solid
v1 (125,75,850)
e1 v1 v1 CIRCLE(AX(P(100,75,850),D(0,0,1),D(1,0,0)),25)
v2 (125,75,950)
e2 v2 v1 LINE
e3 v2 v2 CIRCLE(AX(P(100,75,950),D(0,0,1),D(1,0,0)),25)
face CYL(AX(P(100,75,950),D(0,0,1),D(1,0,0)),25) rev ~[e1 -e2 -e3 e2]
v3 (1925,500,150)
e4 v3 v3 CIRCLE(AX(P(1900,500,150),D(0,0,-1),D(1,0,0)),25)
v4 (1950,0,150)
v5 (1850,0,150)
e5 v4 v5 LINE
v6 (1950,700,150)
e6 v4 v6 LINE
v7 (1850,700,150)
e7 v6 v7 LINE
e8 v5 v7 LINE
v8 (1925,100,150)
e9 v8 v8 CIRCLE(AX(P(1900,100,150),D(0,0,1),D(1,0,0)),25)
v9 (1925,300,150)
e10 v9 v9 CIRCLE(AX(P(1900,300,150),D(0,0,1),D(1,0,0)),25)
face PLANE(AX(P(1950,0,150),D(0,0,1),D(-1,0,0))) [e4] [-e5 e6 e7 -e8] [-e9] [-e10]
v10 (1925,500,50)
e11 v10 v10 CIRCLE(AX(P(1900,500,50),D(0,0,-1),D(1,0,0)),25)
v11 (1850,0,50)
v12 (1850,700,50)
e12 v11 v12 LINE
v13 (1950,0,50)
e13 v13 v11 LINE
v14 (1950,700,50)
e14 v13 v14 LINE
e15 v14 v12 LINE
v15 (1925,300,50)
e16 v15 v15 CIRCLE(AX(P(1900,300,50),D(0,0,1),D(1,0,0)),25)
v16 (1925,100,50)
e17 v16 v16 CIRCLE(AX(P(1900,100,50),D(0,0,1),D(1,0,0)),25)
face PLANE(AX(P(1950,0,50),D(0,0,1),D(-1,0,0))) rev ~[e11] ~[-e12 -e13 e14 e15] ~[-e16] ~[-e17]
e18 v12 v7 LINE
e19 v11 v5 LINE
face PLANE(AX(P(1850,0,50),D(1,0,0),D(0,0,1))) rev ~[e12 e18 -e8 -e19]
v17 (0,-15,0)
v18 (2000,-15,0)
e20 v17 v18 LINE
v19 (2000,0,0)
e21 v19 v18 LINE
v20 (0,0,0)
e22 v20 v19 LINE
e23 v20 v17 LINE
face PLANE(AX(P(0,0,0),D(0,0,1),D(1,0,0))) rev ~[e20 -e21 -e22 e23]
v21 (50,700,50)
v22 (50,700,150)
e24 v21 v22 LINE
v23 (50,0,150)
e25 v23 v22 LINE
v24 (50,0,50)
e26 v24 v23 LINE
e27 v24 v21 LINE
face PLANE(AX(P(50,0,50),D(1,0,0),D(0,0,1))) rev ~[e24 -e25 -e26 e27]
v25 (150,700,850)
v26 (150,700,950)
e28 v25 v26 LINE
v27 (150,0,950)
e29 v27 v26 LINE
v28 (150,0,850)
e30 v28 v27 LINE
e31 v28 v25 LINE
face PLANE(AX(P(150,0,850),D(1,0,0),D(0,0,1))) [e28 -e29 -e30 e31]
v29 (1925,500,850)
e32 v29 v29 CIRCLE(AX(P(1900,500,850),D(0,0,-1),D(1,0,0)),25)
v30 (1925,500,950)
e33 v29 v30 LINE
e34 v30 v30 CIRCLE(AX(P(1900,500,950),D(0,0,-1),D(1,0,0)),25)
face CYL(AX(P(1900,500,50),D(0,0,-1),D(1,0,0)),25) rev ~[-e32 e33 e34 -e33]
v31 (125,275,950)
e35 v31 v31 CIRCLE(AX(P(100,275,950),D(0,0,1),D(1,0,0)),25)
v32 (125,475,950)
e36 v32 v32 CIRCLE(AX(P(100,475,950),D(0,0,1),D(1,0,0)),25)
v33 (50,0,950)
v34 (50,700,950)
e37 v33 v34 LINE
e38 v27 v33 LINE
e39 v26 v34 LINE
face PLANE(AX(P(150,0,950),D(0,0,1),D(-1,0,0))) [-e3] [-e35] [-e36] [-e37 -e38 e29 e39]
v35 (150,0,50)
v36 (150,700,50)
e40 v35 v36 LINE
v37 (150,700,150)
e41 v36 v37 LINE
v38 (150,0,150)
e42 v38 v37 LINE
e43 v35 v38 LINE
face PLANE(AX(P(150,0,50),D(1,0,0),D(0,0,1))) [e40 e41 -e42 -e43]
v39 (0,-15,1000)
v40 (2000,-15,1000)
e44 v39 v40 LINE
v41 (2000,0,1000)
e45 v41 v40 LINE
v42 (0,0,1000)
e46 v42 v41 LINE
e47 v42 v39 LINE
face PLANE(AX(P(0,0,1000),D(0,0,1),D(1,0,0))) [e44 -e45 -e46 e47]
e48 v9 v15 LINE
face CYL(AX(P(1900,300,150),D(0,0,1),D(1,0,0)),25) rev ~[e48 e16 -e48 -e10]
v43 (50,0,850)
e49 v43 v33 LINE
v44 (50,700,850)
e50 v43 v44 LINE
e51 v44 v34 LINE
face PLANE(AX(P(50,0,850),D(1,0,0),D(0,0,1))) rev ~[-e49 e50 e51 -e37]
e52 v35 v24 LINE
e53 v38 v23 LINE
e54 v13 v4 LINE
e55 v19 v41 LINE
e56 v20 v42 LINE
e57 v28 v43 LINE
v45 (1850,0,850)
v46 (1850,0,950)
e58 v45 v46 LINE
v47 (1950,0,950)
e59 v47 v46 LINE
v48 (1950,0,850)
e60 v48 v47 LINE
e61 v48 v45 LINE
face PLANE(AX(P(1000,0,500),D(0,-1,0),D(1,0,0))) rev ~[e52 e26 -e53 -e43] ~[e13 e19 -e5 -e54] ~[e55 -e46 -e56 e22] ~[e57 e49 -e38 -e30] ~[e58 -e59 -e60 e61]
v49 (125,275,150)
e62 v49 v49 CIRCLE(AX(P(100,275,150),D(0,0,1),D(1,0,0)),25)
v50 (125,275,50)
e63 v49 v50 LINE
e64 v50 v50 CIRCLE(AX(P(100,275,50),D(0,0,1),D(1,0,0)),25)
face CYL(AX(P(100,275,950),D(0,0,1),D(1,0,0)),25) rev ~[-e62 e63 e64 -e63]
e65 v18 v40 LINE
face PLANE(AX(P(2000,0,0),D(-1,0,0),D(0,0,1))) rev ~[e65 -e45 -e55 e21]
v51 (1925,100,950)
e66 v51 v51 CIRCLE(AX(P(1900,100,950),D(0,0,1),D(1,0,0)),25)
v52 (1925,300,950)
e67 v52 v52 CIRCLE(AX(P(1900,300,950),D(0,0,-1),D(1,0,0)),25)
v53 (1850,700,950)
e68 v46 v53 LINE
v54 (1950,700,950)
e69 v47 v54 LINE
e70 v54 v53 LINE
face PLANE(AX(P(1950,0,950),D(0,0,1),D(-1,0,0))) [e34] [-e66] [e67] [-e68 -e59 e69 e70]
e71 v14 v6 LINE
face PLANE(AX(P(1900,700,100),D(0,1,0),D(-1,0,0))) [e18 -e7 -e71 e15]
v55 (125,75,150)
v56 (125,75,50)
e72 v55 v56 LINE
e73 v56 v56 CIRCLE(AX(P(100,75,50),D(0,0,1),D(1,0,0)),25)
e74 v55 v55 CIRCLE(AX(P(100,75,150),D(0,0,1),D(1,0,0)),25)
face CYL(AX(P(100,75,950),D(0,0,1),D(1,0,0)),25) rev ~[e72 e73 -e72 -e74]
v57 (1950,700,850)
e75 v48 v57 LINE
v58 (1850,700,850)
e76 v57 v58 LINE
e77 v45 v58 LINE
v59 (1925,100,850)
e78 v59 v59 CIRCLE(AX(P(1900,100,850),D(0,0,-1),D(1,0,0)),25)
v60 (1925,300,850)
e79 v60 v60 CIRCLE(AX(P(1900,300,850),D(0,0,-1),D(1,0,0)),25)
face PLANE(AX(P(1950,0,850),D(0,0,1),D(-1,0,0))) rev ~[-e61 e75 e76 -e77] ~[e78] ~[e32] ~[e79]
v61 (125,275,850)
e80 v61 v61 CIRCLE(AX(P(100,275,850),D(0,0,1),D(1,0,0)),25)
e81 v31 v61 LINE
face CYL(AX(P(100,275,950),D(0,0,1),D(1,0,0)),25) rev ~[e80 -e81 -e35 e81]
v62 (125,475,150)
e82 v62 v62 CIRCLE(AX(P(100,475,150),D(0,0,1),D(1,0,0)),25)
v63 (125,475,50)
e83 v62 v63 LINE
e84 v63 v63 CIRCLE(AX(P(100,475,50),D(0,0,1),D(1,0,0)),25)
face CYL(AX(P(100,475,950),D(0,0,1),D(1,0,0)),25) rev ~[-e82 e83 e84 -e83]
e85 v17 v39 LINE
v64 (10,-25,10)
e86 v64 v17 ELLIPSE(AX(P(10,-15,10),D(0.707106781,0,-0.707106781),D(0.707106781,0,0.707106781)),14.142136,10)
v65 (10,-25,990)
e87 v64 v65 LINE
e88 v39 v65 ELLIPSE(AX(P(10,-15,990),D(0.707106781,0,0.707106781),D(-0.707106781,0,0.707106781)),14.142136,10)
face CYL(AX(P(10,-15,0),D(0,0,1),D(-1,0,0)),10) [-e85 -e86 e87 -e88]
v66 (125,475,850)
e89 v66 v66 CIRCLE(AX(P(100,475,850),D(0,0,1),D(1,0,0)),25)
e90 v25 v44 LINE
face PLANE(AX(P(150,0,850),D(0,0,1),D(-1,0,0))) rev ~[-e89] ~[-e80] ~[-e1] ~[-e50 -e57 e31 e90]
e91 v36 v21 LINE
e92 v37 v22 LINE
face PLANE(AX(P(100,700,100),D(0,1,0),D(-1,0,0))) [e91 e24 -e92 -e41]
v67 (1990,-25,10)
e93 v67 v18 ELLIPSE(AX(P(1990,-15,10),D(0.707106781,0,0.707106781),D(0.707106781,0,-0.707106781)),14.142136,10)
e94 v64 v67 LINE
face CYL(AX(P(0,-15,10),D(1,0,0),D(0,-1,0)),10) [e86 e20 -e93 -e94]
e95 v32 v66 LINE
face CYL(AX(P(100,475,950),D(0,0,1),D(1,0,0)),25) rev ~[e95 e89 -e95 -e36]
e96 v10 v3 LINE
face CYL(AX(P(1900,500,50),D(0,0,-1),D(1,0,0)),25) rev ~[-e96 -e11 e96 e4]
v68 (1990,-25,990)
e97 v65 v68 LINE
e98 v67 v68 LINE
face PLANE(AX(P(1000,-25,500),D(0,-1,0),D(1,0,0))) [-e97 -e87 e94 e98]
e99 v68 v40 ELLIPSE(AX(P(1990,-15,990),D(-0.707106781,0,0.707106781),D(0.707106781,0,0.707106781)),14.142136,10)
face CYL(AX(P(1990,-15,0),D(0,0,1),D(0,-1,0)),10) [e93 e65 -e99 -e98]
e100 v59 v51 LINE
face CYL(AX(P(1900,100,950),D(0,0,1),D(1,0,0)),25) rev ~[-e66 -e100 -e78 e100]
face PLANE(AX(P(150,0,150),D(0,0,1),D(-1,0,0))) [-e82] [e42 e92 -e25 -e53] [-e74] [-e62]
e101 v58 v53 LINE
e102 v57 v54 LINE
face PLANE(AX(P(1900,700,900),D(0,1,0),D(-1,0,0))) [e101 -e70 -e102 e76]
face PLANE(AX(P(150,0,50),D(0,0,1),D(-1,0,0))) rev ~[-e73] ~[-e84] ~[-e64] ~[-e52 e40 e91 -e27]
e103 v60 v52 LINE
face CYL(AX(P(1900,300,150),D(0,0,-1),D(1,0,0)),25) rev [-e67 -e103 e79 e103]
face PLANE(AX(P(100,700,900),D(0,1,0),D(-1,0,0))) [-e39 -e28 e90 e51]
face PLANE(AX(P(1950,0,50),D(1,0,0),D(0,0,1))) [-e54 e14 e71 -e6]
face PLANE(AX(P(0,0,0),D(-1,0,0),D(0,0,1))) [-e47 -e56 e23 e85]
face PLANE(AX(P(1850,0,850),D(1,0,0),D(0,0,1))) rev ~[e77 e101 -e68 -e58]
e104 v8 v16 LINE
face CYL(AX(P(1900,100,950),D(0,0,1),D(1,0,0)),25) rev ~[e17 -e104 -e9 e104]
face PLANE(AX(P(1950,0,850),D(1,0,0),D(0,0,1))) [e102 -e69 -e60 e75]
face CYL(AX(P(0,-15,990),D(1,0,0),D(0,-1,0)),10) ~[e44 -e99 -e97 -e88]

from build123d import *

# Parameters (mm, degrees)
F0_W      = 2000
F0_H      = 1000
F1_DEPTH  = 25
F2_W      = 100
F2_H      = 100
F3_DEPTH  = 700
F4_R      = 25
F5_DEPTH  = 2819
F6_R      = 25
F7_DEPTH  = 2080
F8_R      = 25
F9_DEPTH  = 773
F10_R     = 25
F11_DEPTH = 1331
F12_R     = 25
F13_DEPTH = 1200
F14_R     = 25
F15_DEPTH = 1300
F16_DEPTH = 338
F17_R     = 25
F18_DEPTH = 1300
F19_R     = 10


with BuildPart() as f1:
    # F0 (on Front) → F1 (new body)
    with BuildSketch(Plane.XZ):
        with Locations((1000, 500)):
            Rectangle(F0_W, F0_H)
    extrude(amount=F1_DEPTH)

    # F2 (on face) → F3 (join)
    with BuildSketch(Plane(origin=(0, 0, 0), x_dir=(-1, 0, 0), z_dir=(0, 1, 0))):
        with Locations((-1900, 100)):
            Rectangle(F2_W, F2_H)
        with Locations((-100, 100)):
            Rectangle(F2_W, F2_H)
        with Locations((-1900, 900)):
            Rectangle(F2_W, F2_H)
        with Locations((-100, 900)):
            Rectangle(F2_W, F2_H)
    extrude(amount=F3_DEPTH)

    # F4 (on face) → F5 (cut)
    with BuildSketch(Plane(origin=(0, 0, 50), x_dir=(1, 0, 0), z_dir=(0, 0, -1))):
        with Locations((1900, -500)):
            Circle(F4_R)
    extrude(amount=-F5_DEPTH, mode=Mode.SUBTRACT)

    # F6 (on face) → F7 (cut)
    with BuildSketch(Plane.XY.offset(150)):
        with Locations((1900, 300)):
            Circle(F6_R)
    extrude(amount=F7_DEPTH, mode=Mode.SUBTRACT)

    # F8 (on face) → F9 (cut)
    with BuildSketch(Plane.XY.offset(150)):
        with Locations((1900, 100)):
            Circle(F8_R)
    extrude(amount=F9_DEPTH, mode=Mode.SUBTRACT)

    # F10 (on face) → F11 (cut)
    with BuildSketch(Plane.XY.offset(950)):
        with Locations((100, 475)):
            Circle(F10_R)
    extrude(amount=-F11_DEPTH, mode=Mode.SUBTRACT)

    # F12 (on face) → F13 (cut)
    with BuildSketch(Plane.XY.offset(950)):
        with Locations((100, 275)):
            Circle(F12_R)
    extrude(amount=-F13_DEPTH, mode=Mode.SUBTRACT)

    # F14 (on face) → F15 (cut)
    with BuildSketch(Plane.XY.offset(950)):
        with Locations((100, 75)):
            Circle(F14_R)
    extrude(amount=-F15_DEPTH, mode=Mode.SUBTRACT)

    # F6 (on face) → F16 (cut)
    with BuildSketch(Plane.XY.offset(150)):
        with Locations((1900, 300)):
            Circle(F6_R)
    extrude(amount=-F16_DEPTH, mode=Mode.SUBTRACT)

    # F17 (on face) → F18 (cut)
    with BuildSketch(Plane.XY.offset(950)):
        with Locations((1900, 100)):
            Circle(F17_R)
    extrude(amount=-F18_DEPTH, mode=Mode.SUBTRACT)

    # F19
    f19_edges = [f1.edges().sort_by_distance(p)[0] for p in [
        (1000, -25, 0),
        (0, -25, 500),
        (1000, -25, 1000),
        (2000, -25, 500),
    ]]
    fillet(f19_edges, radius=F19_R)


solid = f1.part
